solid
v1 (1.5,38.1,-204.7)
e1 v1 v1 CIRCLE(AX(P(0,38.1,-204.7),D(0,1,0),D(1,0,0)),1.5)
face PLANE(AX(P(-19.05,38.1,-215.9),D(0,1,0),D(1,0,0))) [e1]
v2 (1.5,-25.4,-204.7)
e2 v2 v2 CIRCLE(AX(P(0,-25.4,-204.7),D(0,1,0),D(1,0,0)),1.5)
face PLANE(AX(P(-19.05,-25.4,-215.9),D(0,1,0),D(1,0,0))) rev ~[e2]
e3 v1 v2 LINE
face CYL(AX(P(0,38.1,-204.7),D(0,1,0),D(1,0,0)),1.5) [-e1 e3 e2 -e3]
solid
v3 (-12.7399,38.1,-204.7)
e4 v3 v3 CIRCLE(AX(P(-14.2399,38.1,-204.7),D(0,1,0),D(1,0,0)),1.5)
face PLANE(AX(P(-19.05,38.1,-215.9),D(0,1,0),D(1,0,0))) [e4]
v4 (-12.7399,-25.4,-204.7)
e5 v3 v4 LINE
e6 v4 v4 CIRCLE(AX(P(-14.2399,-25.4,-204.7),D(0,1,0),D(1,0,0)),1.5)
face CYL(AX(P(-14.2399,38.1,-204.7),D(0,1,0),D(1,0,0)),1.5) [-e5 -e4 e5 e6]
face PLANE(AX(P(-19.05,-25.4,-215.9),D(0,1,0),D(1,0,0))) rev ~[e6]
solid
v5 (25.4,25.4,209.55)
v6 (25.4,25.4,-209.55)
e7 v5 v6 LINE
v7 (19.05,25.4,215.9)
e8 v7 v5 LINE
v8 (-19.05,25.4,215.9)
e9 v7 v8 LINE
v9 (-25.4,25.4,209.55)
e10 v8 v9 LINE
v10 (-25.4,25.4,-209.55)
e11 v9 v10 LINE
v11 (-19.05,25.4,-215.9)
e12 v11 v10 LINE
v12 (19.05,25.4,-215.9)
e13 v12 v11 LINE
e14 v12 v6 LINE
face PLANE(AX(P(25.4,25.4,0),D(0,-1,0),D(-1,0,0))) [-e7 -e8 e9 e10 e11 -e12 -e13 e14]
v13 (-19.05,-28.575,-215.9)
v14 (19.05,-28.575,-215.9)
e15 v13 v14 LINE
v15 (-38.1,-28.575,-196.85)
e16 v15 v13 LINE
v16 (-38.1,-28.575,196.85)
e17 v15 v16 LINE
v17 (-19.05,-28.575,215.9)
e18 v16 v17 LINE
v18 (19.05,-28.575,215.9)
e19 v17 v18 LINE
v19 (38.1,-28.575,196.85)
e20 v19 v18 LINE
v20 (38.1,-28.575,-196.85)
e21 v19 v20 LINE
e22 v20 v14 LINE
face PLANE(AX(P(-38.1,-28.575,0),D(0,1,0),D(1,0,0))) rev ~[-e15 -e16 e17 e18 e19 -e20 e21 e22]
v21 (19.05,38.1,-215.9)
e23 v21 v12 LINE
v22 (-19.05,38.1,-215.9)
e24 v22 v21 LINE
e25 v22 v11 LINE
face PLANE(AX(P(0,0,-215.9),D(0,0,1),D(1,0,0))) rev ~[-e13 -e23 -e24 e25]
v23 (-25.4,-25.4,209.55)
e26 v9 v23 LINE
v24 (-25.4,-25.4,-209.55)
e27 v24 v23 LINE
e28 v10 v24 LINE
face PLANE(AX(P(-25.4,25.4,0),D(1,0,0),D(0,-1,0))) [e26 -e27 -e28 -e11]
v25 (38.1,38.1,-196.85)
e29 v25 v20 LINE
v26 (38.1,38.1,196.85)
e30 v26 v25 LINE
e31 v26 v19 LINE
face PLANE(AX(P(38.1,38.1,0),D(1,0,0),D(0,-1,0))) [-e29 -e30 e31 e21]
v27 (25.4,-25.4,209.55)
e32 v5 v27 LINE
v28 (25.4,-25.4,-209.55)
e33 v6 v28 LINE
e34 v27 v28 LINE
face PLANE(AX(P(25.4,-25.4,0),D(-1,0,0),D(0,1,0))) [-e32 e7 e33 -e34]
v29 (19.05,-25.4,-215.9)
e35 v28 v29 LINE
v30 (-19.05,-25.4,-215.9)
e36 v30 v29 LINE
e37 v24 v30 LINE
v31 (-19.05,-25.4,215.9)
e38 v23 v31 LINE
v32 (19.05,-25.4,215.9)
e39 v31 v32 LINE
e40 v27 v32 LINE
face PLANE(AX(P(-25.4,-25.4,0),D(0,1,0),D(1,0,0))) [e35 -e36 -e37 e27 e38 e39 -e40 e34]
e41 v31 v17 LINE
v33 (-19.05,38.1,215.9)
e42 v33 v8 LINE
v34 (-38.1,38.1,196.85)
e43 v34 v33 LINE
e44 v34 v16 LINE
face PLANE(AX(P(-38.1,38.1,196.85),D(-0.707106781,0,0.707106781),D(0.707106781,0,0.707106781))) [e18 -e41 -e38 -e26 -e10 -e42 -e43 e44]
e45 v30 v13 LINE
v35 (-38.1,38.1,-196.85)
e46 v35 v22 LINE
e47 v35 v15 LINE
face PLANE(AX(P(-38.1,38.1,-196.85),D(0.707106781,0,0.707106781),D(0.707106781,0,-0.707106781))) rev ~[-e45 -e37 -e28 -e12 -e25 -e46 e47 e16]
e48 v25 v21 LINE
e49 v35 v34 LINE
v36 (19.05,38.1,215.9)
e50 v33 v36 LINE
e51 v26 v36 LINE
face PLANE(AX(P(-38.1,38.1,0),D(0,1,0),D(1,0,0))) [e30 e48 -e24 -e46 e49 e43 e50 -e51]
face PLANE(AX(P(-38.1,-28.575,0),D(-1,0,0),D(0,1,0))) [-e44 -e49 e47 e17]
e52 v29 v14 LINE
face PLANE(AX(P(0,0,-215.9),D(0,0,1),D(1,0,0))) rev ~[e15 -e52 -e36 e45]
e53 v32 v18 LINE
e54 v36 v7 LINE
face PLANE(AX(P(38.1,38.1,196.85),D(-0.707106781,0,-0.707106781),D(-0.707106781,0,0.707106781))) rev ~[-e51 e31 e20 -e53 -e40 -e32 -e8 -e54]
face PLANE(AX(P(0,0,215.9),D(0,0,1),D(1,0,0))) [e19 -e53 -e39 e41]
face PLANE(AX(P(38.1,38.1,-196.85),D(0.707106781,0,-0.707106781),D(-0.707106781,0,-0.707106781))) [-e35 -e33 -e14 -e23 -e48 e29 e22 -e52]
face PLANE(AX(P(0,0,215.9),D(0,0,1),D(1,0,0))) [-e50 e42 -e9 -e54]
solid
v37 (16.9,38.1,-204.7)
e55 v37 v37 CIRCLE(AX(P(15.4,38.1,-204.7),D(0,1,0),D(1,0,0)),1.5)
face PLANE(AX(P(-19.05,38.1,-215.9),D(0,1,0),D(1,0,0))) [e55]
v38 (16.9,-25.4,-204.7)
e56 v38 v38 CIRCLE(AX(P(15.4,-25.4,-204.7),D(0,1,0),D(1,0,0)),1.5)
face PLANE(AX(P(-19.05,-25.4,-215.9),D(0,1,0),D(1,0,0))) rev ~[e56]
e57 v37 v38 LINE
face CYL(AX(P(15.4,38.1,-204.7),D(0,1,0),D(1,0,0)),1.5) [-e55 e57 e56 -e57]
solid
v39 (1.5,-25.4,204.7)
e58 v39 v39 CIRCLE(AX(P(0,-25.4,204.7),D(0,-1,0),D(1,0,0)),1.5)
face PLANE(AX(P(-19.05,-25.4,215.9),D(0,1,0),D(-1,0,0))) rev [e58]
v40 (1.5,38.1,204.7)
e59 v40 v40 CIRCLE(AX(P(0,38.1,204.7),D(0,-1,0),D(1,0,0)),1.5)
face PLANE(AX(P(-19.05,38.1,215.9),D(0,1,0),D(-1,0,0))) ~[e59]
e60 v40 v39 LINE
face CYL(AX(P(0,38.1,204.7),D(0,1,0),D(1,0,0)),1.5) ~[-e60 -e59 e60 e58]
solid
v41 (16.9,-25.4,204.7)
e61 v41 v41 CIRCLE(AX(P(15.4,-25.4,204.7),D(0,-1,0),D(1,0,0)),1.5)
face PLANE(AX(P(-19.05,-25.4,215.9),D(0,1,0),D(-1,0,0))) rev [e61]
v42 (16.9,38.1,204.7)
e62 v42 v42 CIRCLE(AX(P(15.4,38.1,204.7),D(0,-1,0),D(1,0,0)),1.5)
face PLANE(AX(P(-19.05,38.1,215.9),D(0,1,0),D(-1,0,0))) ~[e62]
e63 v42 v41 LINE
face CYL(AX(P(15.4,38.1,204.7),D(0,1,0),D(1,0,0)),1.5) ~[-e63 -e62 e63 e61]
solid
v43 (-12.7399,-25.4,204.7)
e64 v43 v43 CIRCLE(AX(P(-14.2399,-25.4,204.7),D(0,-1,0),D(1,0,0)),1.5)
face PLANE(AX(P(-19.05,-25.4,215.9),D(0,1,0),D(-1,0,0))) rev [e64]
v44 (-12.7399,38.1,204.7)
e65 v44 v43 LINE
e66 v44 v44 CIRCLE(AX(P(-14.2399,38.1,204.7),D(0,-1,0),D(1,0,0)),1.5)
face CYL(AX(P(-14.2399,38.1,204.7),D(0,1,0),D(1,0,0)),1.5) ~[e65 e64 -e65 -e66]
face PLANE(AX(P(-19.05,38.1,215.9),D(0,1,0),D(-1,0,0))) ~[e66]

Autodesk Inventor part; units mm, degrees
ref_plane "YZ Plane" through (0, 0, 0) normal (1, 0, 0) x (0, 1, 0)
ref_plane "XZ Plane" through (0, 0, 0) normal (0, 1, 0) x (-1, 0, 0)
ref_plane "XY Plane" through (0, 0, 0) normal (0, 0, 1) x (1, 0, 0)
sketch "Sketch1" plane through (0, 0, 0) normal (0, 0, 1) x (1, 0, 0)
  line L0 (-25.4, -25.4) -> (25.4, -25.4)
  line L1 (25.4, -25.4) -> (25.4, 25.4)
  line L2 (25.4, 25.4) -> (-25.4, 25.4)
  line L3 (-25.4, 25.4) -> (-25.4, -25.4)
  line L4 (-25.4, -25.4) -> (25.4, 25.4) construction
  line L5 (25.4, -25.4) -> (-25.4, 25.4) construction
  line L6 (-38.1, 38.1) -> (38.1, 38.1)
  line L7 (38.1, 38.1) -> (38.1, -38.1)
  line L8 (38.1, -38.1) -> (-38.1, -38.1)
  line L9 (-38.1, -38.1) -> (-38.1, 38.1)
  line L10 (-38.1, -28.575) -> (38.1, -28.575)
  point P0 (0, 0)
  dimension "d0" = 50.8
  dimension "d1" = 50.8
  dimension "d2" = 12.7
  dimension "d3" = 3.175
extrude "Extrusion1" add sketch "Sketch1" along normal mid plane 431.8 contours L6 L7 L10 L9
sketch "Sketch2" plane through (-38.1, 38.1, 215.9) normal (0, 1, 0) x (1, 0, 0)
  line L0 (0, 431.8) -> (0, 0) construction
  line L1 (76.2, 0) -> (0, 0) projected
  line L2 (76.2, 431.8) -> (76.2, 0) construction
  line L3 (0, 431.8) -> (76.2, 431.8) construction
  line L4 (0, 0) -> (0, 431.8) construction
  line L5 (0, 412.75) -> (19.05, 431.8)
  line L6 (0, 412.75) -> (26.9408, 412.75) construction
  line L7 (63.5, 431.8) -> (12.7, 431.8) construction
  line L8 (38.1, 431.8) -> (38.1, 0) construction
  line L9 (0, 0) -> (76.2, 0) projected
  line L10 (0, 412.75) -> (0, 431.8)
  line L11 (0, 431.8) -> (19.05, 431.8)
  line L12 (0, 431.8) -> (76.2, 431.8) projected
  line L13 (76.2, 412.75) -> (57.15, 431.8)
  line L14 (76.2, 412.75) -> (76.2, 431.8)
  line L15 (76.2, 431.8) -> (57.15, 431.8)
  line L16 (0, 215.9) -> (38.1, 215.9) construction
  line L17 (0, 19.05) -> (19.05, 0)
  line L18 (0, 19.05) -> (26.9408, 19.05) construction
  line L19 (0, 19.05) -> (0, 0)
  line L20 (0, 0) -> (19.05, 0)
  line L21 (76.2, 19.05) -> (76.2, 0)
  line L22 (76.2, 0) -> (57.15, 0)
  line L23 (76.2, 19.05) -> (57.15, 0)
  point P0 (63.5, 0)
  point P1 (12.7, 0)
  dimension "d6" = 45
  dimension "d7" = 19.05
extrude "Extrusion2" cut sketch "Sketch2" against normal through all
sketch "Sketch3" plane through (-19.05, 38.1, -215.9) normal (0, 1, 0) x (1, 0, 0)
  line L0 (-6.35, -419.1) -> (44.45, -419.1) construction
  line L1 (44.45, -419.1) -> (44.45, -12.7) construction
  line L2 (44.45, -12.7) -> (-6.35, -12.7) construction
  line L3 (-6.35, -12.7) -> (-6.35, -419.1) construction
  line L4 (-19.05, -19.05) -> (-19.05, -412.75) construction
  line L5 (0, 0) -> (38.1, 0) construction
  line L6 (38.1, -431.8) -> (0, -431.8) construction
  line L7 (-19.05, -412.75) -> (-19.05, -19.05) construction
  line L8 (-19.05, -215.9) -> (19.05, -215.9) construction
  line L9 (38.1, 0) -> (0, 0) construction
  line L10 (19.05, 0) -> (19.05, -215.9) construction
  circle A0 centre (4.8101, -11.2) radius 1.5
  circle A1 centre (34.45, -11.2) radius 1.5
  circle A2 centre (19.05, -11.2) radius 1.5
  point P0 (-6.35, -215.9)
  point P1 (19.05, -12.7)
  point P2 (19.05, 0)
  dimension "d10" = 50.8
  dimension "d11" = 406.4
  dimension "d12" = 3
  dimension "d13" = 3
  dimension "d14" = 3
  dimension "d15" = 11.1601
  dimension "d16" = 10
extrude "Extrusion3" add sketch "Sketch3" against normal up to surface (63.5 mm away) separate body
mirror "Mirror1" about plane through (0, 0, 0) normal (0, 0, 1) of "Extrusion3" bodies 2
properties part number "1112_Magnet Brick Housing_V1" material "Acetal Resin, White"
